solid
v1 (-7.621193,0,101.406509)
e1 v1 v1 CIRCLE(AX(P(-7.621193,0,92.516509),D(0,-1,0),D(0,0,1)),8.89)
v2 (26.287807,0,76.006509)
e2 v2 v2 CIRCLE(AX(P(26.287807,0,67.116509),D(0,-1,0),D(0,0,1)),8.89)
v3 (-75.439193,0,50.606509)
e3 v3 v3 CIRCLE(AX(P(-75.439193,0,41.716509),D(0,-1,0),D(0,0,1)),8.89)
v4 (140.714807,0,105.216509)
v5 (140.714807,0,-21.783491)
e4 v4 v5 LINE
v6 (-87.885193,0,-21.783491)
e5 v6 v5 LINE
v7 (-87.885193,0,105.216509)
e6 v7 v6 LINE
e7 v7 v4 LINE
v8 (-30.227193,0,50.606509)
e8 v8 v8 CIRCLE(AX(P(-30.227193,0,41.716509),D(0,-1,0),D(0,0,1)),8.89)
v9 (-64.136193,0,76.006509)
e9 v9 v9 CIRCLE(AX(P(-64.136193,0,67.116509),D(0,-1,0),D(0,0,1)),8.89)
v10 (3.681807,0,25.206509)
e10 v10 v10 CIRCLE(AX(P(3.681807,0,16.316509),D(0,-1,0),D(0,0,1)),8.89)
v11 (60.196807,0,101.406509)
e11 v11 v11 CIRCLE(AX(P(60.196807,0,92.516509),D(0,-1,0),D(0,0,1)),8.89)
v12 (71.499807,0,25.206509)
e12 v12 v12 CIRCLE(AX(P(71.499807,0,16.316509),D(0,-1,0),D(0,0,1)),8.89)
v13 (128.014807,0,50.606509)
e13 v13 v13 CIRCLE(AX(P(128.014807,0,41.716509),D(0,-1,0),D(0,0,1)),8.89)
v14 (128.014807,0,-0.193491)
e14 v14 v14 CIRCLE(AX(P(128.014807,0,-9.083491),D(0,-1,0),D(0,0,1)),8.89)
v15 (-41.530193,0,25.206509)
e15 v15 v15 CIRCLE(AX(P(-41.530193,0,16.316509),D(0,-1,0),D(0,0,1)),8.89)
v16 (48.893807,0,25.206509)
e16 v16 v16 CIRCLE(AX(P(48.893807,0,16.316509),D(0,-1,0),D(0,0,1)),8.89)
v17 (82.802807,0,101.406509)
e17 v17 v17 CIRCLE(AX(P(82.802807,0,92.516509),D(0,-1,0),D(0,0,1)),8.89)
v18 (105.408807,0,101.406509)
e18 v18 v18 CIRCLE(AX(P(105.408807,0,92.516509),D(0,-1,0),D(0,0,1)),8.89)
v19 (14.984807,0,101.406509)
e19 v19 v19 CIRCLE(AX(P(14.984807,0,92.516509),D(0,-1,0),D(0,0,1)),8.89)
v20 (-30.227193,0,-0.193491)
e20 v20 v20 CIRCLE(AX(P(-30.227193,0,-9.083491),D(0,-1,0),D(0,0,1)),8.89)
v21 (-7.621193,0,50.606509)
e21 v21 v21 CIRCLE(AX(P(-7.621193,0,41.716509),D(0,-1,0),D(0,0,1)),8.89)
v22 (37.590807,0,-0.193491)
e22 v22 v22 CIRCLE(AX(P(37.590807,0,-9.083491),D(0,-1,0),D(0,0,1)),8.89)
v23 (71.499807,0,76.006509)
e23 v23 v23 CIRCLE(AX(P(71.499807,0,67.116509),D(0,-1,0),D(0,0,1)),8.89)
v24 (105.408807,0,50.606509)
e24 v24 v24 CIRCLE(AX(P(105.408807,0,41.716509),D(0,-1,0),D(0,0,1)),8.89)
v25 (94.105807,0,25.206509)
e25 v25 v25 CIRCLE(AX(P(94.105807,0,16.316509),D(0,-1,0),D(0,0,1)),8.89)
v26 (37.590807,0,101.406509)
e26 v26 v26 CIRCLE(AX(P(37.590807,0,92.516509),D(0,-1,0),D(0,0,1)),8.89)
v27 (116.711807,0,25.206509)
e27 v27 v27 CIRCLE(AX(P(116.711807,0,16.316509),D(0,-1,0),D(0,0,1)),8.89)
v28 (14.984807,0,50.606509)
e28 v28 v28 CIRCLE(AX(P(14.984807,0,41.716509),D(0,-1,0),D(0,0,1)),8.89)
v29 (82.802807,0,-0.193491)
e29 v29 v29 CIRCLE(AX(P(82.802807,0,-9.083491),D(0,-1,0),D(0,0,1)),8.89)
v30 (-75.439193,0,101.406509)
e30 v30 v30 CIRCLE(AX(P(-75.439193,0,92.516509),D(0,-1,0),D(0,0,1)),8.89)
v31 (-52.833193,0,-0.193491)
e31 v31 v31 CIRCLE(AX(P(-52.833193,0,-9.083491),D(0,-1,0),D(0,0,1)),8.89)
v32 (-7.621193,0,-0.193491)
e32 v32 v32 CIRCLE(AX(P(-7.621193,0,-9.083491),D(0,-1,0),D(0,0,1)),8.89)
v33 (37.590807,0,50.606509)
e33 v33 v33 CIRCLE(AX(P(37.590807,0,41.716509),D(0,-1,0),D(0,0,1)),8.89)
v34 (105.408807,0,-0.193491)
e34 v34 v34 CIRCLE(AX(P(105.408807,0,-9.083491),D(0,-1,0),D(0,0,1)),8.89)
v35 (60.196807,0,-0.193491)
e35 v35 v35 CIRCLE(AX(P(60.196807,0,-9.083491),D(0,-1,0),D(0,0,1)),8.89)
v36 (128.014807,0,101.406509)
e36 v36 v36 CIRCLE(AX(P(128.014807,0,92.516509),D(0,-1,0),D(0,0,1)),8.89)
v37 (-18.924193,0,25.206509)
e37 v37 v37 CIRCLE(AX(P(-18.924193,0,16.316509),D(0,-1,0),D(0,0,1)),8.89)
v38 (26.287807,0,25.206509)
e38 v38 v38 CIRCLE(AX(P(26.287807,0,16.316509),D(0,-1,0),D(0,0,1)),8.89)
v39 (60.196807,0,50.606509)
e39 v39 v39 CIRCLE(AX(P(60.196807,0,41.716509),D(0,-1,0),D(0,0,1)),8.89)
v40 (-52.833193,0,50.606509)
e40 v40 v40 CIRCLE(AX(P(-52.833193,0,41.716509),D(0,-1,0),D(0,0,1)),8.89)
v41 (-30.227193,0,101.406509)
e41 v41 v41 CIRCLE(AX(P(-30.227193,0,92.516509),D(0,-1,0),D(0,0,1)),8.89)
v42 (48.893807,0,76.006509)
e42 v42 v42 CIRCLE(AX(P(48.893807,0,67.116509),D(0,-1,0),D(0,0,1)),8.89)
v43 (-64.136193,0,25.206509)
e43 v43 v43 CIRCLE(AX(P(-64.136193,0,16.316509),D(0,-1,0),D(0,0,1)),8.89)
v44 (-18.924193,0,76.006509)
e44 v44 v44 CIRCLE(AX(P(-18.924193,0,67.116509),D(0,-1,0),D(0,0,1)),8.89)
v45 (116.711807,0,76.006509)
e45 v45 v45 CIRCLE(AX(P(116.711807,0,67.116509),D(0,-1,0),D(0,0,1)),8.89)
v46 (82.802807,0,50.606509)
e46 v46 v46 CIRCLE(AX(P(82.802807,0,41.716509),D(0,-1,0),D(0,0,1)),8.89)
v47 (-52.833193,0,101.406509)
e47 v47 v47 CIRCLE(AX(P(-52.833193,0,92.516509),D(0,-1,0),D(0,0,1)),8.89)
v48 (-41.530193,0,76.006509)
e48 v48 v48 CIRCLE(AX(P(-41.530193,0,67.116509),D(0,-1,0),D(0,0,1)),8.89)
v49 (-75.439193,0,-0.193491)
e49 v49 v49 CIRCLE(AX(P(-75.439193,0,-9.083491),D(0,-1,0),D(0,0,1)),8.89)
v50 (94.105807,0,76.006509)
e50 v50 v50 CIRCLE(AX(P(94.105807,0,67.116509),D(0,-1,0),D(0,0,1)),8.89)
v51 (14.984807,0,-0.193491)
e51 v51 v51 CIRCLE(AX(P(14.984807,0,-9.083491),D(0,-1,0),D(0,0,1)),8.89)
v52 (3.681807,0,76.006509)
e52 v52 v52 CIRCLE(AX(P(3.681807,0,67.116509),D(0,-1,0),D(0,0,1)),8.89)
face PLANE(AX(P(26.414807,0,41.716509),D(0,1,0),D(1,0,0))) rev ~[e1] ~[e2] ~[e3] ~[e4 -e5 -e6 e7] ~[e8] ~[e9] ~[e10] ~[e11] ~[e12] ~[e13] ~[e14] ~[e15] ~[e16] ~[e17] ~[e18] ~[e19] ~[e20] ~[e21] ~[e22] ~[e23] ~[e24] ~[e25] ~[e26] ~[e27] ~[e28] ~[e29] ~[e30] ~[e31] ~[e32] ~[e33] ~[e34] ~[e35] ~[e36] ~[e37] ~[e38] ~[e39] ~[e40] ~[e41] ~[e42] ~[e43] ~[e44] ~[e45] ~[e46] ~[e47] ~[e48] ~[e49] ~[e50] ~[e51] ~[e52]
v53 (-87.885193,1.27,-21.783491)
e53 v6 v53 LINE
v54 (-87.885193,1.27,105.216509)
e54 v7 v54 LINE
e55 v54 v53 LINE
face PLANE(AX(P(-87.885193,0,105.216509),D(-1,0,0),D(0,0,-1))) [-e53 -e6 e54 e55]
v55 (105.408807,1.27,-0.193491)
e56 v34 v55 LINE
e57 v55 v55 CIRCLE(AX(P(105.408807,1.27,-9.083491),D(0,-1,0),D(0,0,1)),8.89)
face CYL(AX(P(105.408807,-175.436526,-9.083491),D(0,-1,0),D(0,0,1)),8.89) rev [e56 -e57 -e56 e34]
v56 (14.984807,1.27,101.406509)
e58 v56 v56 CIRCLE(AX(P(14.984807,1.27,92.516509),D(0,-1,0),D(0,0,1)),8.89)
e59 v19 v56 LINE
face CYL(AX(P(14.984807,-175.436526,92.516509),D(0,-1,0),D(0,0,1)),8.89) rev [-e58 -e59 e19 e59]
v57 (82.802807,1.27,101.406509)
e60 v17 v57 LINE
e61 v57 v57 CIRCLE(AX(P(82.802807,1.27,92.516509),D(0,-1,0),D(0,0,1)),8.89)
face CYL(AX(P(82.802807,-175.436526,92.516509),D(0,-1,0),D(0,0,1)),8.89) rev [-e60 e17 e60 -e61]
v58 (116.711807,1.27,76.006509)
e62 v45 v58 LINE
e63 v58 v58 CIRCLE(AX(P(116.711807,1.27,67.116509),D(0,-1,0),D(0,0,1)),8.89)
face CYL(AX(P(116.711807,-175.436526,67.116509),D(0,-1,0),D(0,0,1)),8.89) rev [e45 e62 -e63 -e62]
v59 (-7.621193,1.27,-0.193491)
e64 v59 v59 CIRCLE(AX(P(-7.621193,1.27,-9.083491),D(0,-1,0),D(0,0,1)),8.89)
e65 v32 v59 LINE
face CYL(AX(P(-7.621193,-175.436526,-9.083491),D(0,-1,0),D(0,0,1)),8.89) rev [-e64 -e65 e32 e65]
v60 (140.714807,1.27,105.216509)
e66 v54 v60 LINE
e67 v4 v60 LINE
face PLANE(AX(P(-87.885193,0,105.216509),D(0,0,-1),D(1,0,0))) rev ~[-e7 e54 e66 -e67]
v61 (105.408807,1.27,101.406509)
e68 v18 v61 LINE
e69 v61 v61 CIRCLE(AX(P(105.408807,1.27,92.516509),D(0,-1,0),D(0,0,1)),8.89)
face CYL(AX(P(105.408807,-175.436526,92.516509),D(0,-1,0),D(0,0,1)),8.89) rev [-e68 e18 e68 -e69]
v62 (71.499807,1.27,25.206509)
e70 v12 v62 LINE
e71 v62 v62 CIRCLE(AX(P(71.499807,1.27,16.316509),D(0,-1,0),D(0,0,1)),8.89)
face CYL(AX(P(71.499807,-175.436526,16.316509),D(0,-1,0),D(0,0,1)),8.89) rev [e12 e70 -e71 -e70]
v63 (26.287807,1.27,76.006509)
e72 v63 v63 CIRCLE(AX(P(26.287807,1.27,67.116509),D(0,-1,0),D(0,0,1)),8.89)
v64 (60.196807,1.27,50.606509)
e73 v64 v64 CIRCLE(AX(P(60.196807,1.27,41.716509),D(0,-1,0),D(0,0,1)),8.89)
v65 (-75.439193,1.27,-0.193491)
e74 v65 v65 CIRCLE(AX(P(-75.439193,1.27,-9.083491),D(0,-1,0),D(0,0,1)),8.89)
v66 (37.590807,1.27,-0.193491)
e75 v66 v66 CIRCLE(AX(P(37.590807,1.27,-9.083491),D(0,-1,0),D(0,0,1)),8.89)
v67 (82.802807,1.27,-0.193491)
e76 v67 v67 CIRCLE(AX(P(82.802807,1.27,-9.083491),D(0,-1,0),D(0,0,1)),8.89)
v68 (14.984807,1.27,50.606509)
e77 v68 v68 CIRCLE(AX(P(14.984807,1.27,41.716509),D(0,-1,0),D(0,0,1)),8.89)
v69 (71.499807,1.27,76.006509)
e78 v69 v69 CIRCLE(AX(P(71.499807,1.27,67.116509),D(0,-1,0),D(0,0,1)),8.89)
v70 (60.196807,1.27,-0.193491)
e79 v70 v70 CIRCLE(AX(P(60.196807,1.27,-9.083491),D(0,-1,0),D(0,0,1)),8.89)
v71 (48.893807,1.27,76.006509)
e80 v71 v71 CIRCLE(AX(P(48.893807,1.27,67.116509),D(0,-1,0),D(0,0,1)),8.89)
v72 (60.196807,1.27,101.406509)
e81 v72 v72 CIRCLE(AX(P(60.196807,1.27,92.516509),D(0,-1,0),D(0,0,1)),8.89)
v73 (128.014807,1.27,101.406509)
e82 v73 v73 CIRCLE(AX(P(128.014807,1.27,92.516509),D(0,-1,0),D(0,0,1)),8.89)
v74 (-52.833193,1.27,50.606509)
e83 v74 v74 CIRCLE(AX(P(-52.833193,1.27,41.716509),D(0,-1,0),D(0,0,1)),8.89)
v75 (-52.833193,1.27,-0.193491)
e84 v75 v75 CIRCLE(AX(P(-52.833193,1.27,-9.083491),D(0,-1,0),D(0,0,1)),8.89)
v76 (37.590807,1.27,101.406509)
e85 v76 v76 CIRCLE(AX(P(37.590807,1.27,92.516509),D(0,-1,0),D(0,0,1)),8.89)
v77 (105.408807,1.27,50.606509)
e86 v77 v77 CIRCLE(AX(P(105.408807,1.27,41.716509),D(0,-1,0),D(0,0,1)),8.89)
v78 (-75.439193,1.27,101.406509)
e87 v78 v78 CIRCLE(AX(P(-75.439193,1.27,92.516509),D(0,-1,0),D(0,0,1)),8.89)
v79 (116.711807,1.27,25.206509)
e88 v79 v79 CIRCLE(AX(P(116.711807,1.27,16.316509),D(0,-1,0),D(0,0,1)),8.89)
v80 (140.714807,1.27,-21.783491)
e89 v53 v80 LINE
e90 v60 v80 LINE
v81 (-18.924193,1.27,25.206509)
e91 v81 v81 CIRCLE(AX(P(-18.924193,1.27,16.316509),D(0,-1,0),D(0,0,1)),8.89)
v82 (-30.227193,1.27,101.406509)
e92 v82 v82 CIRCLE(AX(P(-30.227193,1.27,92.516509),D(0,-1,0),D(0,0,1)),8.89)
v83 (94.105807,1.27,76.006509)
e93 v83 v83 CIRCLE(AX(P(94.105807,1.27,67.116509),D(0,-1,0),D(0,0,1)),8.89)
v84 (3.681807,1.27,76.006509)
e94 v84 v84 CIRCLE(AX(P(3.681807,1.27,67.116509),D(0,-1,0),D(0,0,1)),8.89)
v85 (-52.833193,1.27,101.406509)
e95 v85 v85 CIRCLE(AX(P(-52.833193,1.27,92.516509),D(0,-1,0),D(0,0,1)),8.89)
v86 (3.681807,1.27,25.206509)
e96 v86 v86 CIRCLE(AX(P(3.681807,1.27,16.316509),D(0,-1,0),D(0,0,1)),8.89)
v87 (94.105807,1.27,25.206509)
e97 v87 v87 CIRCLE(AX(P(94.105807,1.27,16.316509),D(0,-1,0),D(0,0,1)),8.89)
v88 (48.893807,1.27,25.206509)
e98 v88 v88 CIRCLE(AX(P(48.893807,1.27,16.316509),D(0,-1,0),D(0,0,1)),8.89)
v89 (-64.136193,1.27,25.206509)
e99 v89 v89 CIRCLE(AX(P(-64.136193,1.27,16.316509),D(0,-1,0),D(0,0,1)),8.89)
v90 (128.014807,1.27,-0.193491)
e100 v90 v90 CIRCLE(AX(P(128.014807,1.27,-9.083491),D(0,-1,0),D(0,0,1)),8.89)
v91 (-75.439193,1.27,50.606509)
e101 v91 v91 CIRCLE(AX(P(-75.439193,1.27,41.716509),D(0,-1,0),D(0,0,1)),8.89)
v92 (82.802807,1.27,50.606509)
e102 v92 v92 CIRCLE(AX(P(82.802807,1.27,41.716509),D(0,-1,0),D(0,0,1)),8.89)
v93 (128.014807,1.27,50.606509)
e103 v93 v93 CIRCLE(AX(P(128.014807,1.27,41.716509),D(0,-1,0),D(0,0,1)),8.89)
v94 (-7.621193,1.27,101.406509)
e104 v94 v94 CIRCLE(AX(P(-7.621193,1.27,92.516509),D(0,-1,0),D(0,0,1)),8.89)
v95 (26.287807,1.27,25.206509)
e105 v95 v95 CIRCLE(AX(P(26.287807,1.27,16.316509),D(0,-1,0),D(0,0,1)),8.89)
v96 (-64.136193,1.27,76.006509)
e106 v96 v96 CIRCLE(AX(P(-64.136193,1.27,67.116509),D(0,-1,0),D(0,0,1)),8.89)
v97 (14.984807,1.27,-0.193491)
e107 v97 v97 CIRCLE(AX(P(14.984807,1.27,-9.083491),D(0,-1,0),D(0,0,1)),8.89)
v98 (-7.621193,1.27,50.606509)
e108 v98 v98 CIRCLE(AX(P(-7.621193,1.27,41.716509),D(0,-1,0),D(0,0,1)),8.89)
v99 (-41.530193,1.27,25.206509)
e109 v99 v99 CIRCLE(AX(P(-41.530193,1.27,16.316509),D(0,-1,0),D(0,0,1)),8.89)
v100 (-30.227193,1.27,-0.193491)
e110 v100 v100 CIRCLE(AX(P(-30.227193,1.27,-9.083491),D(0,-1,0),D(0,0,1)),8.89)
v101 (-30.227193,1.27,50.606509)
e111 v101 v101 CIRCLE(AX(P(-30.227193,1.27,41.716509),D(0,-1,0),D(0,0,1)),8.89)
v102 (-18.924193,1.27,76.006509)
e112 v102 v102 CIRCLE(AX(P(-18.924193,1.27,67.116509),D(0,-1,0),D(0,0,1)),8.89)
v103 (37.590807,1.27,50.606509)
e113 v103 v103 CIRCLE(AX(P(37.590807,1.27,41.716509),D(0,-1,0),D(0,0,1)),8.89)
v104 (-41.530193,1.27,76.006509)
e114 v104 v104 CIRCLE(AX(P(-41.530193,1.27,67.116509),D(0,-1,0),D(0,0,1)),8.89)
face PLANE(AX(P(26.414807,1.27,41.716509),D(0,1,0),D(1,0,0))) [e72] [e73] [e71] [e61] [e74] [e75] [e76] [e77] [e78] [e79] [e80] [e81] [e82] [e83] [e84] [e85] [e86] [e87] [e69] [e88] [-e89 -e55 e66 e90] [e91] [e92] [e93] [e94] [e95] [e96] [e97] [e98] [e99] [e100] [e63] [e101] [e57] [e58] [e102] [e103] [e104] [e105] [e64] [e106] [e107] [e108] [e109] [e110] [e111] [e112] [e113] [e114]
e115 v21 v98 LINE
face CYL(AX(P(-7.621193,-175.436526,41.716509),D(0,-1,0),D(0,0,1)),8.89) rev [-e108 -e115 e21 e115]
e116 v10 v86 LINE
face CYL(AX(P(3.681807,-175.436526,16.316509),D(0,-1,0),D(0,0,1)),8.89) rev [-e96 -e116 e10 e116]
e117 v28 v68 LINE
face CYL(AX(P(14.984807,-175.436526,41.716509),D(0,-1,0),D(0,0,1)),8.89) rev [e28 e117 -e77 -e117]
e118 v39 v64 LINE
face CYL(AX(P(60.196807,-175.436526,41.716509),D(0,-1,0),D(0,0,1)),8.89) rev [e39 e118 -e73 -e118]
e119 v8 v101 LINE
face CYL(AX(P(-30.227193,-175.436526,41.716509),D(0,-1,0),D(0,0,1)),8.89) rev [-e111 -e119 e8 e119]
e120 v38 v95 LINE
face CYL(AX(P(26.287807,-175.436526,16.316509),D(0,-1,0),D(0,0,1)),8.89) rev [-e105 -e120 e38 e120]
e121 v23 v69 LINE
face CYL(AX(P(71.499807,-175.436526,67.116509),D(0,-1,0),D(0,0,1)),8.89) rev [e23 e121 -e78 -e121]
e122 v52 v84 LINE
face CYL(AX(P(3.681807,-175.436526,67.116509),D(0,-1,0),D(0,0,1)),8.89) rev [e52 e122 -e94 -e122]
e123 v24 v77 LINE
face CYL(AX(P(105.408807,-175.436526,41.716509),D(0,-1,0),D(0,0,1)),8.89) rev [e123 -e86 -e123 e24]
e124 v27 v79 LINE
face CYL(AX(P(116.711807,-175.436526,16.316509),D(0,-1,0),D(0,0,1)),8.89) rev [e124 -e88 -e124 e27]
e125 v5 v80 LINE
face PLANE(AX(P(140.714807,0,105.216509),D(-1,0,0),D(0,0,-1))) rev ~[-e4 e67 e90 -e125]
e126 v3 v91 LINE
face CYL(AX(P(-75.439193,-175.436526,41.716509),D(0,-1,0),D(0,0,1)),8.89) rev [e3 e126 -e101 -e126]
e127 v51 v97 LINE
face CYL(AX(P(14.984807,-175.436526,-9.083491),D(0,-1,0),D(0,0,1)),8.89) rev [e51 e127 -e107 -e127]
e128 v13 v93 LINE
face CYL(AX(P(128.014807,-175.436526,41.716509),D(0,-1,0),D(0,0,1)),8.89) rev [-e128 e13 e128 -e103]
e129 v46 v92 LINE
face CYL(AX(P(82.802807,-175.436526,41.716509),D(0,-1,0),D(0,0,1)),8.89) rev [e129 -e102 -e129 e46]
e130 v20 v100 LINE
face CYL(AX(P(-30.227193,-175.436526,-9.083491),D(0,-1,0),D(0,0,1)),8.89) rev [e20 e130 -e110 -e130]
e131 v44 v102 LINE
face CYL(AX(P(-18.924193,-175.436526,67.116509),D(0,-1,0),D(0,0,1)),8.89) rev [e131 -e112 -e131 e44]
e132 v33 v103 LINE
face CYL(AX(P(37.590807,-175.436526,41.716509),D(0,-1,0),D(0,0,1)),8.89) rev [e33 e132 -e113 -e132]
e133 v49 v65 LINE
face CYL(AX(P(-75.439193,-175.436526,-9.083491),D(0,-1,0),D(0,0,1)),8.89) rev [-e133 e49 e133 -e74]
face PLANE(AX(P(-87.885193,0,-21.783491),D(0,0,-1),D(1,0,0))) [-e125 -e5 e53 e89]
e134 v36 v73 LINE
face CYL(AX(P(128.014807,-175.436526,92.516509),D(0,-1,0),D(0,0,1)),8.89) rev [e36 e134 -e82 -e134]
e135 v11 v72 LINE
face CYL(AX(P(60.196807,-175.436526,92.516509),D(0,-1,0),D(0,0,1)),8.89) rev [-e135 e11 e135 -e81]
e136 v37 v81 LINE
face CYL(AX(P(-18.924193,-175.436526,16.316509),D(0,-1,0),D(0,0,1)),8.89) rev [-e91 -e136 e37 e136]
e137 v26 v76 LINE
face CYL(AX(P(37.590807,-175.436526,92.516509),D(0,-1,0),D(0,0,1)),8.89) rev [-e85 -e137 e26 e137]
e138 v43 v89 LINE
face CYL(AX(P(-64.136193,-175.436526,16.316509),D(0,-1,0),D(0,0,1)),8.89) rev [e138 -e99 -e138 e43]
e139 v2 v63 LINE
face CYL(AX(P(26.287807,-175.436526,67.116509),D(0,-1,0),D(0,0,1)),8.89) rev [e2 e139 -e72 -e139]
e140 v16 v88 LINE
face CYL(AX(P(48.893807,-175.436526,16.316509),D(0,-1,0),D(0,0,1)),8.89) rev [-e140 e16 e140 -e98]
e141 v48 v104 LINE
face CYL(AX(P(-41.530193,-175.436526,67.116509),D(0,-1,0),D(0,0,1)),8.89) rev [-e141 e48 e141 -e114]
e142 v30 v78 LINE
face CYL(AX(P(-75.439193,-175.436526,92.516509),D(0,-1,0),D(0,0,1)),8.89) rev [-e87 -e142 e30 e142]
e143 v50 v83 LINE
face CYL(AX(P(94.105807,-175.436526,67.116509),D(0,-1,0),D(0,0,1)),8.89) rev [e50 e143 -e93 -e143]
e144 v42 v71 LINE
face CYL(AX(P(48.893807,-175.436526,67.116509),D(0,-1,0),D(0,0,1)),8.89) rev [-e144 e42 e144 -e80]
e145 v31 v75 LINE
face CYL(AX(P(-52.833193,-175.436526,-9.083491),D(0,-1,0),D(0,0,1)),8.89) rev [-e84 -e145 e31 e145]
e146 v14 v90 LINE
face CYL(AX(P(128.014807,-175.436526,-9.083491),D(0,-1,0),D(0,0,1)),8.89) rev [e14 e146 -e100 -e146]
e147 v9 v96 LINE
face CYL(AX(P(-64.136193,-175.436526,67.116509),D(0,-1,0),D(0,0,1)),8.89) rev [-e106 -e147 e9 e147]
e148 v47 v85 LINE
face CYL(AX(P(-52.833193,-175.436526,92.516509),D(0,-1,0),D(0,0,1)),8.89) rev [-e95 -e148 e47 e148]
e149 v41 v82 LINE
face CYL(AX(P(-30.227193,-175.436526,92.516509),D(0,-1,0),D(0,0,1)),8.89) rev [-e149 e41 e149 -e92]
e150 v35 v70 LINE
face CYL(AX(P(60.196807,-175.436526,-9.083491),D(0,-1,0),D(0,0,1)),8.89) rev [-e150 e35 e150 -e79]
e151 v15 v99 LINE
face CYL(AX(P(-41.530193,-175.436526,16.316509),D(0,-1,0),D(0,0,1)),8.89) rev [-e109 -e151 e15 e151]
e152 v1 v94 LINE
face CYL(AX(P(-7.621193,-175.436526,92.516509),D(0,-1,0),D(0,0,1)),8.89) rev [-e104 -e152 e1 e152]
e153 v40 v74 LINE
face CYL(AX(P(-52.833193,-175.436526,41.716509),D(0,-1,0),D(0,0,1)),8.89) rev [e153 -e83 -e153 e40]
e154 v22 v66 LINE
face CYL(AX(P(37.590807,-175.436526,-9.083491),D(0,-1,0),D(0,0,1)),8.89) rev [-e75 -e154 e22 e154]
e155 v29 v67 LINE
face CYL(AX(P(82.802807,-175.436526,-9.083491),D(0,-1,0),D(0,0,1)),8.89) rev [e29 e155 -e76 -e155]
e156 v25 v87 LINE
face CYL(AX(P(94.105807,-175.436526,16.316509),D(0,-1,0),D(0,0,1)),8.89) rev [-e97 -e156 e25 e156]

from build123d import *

# Parameters (mm, degrees)
SKETCH1_W               = 228.6
SKETCH1_H               = 127
BOSS_EXTRUDE1_DEPTH     = 1.27
CUT_EXTRUDE1_DEPTH      = 176.706526426
CUT_EXTRUDE1_DEPTH_BACK = 176.706526426
SKETCH2_R               = 8.89


with BuildPart() as part:
    # Sketch1 → Boss-Extrude1 (new body)
    with BuildSketch(Plane(origin=(0, 0, 0), x_dir=(1, 0, 0), z_dir=(0, 1, 0))):
        with Locations((26.414806677, -41.716508736)):
            Rectangle(SKETCH1_W, SKETCH1_H)
    extrude(amount=BOSS_EXTRUDE1_DEPTH)

    # Sketch2 → Cut-Extrude1 (cut, two sides: drawn at the far end of the back side and taken through both)
    with BuildSketch(Plane(origin=(0, 1.27, 0), x_dir=(1, 0, 0), z_dir=(0, 1, 0)).offset(-CUT_EXTRUDE1_DEPTH_BACK)):
        with Locations(Location((128.014806677, 9.083491264, 0), (0, 0, 270))):
            Circle(SKETCH2_R)
        with Locations(Location((105.408806677, 9.083491264, 0), (0, 0, 270))):
            Circle(SKETCH2_R)
        with Locations(Location((82.802806677, 9.083491264, 0), (0, 0, 270))):
            Circle(SKETCH2_R)
        with Locations(Location((60.196806677, 9.083491264, 0), (0, 0, 270))):
            Circle(SKETCH2_R)
        with Locations(Location((37.590806677, 9.083491264, 0), (0, 0, 270))):
            Circle(SKETCH2_R)
        with Locations(Location((14.984806677, 9.083491264, 0), (0, 0, 270))):
            Circle(SKETCH2_R)
        with Locations(Location((-7.621193323, 9.083491264, 0), (0, 0, 270))):
            Circle(SKETCH2_R)
        with Locations(Location((-30.227193323, 9.083491264, 0), (0, 0, 270))):
            Circle(SKETCH2_R)
        with Locations(Location((-52.833193323, 9.083491264, 0), (0, 0, 270))):
            Circle(SKETCH2_R)
        with Locations(Location((-75.439193323, 9.083491264, 0), (0, 0, 270))):
            Circle(SKETCH2_R)
        with Locations(Location((128.014806677, -41.716508736, 0), (0, 0, 270))):
            Circle(SKETCH2_R)
        with Locations(Location((128.014806677, -92.516508736, 0), (0, 0, 270))):
            Circle(SKETCH2_R)
        with Locations(Location((105.408806677, -41.716508736, 0), (0, 0, 270))):
            Circle(SKETCH2_R)
        with Locations(Location((105.408806677, -92.516508736, 0), (0, 0, 270))):
            Circle(SKETCH2_R)
        with Locations(Location((82.802806677, -41.716508736, 0), (0, 0, 270))):
            Circle(SKETCH2_R)
        with Locations(Location((82.802806677, -92.516508736, 0), (0, 0, 270))):
            Circle(SKETCH2_R)
        with Locations(Location((60.196806677, -41.716508736, 0), (0, 0, 270))):
            Circle(SKETCH2_R)
        with Locations(Location((60.196806677, -92.516508736, 0), (0, 0, 270))):
            Circle(SKETCH2_R)
        with Locations(Location((37.590806677, -41.716508736, 0), (0, 0, 270))):
            Circle(SKETCH2_R)
        with Locations(Location((37.590806677, -92.516508736, 0), (0, 0, 270))):
            Circle(SKETCH2_R)
        with Locations(Location((14.984806677, -41.716508736, 0), (0, 0, 270))):
            Circle(SKETCH2_R)
        with Locations(Location((14.984806677, -92.516508736, 0), (0, 0, 270))):
            Circle(SKETCH2_R)
        with Locations(Location((-7.621193323, -41.716508736, 0), (0, 0, 270))):
            Circle(SKETCH2_R)
        with Locations(Location((-7.621193323, -92.516508736, 0), (0, 0, 270))):
            Circle(SKETCH2_R)
        with Locations(Location((-30.227193323, -41.716508736, 0), (0, 0, 270))):
            Circle(SKETCH2_R)
        with Locations(Location((-30.227193323, -92.516508736, 0), (0, 0, 270))):
            Circle(SKETCH2_R)
        with Locations(Location((-52.833193323, -41.716508736, 0), (0, 0, 270))):
            Circle(SKETCH2_R)
        with Locations(Location((-52.833193323, -92.516508736, 0), (0, 0, 270))):
            Circle(SKETCH2_R)
        with Locations(Location((-75.439193323, -41.716508736, 0), (0, 0, 270))):
            Circle(SKETCH2_R)
        with Locations(Location((-75.439193323, -92.516508736, 0), (0, 0, 270))):
            Circle(SKETCH2_R)
        with Locations(Location((116.711806677, -16.316508736, 0), (0, 0, 270))):
            Circle(SKETCH2_R)
        with Locations(Location((116.711806677, -67.116508736, 0), (0, 0, 270))):
            Circle(SKETCH2_R)
        with Locations(Location((94.105806677, -16.316508736, 0), (0, 0, 270))):
            Circle(SKETCH2_R)
        with Locations(Location((94.105806677, -67.116508736, 0), (0, 0, 270))):
            Circle(SKETCH2_R)
        with Locations(Location((71.499806677, -16.316508736, 0), (0, 0, 270))):
            Circle(SKETCH2_R)
        with Locations(Location((71.499806677, -67.116508736, 0), (0, 0, 270))):
            Circle(SKETCH2_R)
        with Locations(Location((48.893806677, -16.316508736, 0), (0, 0, 270))):
            Circle(SKETCH2_R)
        with Locations(Location((48.893806677, -67.116508736, 0), (0, 0, 270))):
            Circle(SKETCH2_R)
        with Locations(Location((26.287806677, -16.316508736, 0), (0, 0, 270))):
            Circle(SKETCH2_R)
        with Locations(Location((26.287806677, -67.116508736, 0), (0, 0, 270))):
            Circle(SKETCH2_R)
        with Locations(Location((3.681806677, -16.316508736, 0), (0, 0, 270))):
            Circle(SKETCH2_R)
        with Locations(Location((3.681806677, -67.116508736, 0), (0, 0, 270))):
            Circle(SKETCH2_R)
        with Locations(Location((-18.924193323, -16.316508736, 0), (0, 0, 270))):
            Circle(SKETCH2_R)
        with Locations(Location((-18.924193323, -67.116508736, 0), (0, 0, 270))):
            Circle(SKETCH2_R)
        with Locations(Location((-41.530193323, -16.316508736, 0), (0, 0, 270))):
            Circle(SKETCH2_R)
        with Locations(Location((-41.530193323, -67.116508736, 0), (0, 0, 270))):
            Circle(SKETCH2_R)
        with Locations(Location((-64.136193323, -16.316508736, 0), (0, 0, 270))):
            Circle(SKETCH2_R)
        with Locations(Location((-64.136193323, -67.116508736, 0), (0, 0, 270))):
            Circle(SKETCH2_R)
    extrude(amount=CUT_EXTRUDE1_DEPTH + CUT_EXTRUDE1_DEPTH_BACK, mode=Mode.SUBTRACT)


solid = part.part
